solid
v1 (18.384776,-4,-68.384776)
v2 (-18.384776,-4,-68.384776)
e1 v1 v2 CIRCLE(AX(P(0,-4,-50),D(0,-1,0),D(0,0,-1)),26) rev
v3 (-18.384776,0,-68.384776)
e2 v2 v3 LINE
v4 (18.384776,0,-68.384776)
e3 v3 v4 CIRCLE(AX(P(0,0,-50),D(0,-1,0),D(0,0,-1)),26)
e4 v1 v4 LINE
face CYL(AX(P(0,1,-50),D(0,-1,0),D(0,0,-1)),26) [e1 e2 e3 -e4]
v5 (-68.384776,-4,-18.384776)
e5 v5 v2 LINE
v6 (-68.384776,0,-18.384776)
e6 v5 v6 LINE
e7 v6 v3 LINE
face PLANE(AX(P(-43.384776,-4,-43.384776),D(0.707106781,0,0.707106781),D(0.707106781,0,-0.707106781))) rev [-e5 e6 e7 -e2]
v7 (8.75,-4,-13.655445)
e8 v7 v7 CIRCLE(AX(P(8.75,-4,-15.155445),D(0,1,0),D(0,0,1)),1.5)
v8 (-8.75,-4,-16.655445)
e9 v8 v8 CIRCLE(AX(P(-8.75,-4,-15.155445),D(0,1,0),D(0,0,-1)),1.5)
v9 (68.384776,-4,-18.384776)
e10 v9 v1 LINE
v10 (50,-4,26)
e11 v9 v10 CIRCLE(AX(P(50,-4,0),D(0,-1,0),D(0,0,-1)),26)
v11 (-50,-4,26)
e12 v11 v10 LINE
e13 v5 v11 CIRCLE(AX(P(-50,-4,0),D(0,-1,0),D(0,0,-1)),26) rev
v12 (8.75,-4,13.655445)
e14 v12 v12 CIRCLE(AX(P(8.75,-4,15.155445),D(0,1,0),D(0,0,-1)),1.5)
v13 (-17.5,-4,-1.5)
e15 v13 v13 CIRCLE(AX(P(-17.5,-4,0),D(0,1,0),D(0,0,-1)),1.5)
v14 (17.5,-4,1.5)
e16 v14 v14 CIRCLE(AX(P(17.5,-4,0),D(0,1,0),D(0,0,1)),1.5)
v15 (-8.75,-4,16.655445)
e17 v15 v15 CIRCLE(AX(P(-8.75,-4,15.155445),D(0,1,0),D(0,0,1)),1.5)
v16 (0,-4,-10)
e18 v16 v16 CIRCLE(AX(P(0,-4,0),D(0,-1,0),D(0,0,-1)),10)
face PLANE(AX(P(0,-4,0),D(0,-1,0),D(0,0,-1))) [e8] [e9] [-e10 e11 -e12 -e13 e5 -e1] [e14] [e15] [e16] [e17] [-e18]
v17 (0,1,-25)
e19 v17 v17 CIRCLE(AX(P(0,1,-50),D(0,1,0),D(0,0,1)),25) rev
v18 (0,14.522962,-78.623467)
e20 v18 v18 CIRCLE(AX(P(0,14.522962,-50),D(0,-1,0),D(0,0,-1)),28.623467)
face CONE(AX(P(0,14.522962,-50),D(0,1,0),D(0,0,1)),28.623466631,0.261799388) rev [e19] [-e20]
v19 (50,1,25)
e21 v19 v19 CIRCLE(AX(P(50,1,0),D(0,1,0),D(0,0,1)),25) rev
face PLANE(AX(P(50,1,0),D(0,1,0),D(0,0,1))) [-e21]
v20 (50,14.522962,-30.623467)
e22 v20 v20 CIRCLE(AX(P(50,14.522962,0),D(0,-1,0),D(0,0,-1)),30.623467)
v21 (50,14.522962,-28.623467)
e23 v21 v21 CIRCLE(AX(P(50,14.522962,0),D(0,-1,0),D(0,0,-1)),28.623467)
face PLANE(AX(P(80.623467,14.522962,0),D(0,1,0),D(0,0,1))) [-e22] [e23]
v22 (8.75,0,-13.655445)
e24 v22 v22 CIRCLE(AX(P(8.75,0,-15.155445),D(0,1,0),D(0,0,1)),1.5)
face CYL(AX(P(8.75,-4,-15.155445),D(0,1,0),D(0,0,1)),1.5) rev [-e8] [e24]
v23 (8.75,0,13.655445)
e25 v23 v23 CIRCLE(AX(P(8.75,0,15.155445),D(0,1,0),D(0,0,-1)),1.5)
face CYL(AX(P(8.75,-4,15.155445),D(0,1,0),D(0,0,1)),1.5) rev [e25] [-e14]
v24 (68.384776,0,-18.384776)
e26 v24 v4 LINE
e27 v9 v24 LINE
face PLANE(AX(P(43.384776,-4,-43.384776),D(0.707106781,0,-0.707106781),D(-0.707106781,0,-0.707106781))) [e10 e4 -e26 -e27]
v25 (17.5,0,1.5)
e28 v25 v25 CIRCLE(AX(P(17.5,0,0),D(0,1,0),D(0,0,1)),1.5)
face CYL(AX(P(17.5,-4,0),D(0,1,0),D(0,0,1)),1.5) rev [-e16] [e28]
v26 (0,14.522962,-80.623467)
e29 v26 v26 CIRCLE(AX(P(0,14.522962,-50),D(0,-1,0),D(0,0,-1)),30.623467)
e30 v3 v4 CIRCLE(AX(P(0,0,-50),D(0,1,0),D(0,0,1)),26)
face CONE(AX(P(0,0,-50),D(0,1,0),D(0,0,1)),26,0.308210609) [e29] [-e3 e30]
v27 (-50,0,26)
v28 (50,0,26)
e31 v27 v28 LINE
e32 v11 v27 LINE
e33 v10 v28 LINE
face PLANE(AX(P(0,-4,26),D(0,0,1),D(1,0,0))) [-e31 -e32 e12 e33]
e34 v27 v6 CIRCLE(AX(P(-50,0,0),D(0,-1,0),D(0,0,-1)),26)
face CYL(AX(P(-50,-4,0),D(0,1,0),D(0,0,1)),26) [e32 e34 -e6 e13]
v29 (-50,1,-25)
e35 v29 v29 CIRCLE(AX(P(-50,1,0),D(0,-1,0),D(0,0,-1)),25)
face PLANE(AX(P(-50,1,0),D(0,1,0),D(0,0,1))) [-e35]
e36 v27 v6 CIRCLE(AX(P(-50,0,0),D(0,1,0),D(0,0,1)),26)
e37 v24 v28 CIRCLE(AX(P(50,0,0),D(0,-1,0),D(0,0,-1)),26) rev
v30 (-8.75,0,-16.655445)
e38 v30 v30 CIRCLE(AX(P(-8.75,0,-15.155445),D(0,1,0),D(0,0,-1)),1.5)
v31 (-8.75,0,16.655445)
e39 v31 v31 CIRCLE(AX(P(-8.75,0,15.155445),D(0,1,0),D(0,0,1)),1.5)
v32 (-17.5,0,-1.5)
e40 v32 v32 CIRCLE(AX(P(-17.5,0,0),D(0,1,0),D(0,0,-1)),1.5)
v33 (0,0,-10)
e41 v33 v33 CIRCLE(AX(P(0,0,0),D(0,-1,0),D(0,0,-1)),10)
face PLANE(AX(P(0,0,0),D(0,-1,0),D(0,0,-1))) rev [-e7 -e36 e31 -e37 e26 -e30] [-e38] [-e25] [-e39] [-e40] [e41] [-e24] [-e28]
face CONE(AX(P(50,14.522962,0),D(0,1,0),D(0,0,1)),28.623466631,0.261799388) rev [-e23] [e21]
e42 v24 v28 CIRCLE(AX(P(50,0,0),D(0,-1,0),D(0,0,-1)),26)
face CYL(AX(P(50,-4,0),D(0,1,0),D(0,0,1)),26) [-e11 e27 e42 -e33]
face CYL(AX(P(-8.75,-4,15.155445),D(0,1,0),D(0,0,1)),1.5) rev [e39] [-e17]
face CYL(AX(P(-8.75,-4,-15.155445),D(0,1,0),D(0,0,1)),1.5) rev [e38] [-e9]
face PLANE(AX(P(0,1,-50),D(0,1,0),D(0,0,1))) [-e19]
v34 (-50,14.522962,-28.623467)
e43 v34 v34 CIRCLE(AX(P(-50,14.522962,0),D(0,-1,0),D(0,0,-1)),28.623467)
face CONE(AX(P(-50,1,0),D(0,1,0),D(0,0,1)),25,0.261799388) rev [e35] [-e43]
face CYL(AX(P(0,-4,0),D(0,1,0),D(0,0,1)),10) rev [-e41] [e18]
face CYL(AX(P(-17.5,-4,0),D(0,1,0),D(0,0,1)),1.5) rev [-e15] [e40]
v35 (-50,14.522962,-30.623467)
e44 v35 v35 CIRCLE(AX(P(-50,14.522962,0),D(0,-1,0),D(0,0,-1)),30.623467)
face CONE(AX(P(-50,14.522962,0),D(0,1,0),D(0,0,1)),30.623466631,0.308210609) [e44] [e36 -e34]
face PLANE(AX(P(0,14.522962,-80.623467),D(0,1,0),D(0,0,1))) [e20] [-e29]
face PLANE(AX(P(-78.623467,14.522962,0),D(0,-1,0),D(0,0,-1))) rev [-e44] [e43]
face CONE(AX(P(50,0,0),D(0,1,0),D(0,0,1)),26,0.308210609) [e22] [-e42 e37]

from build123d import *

# Parameters (mm, degrees)
SKETCH_1_R          = 26
EXTRUDE_1_DEPTH     = 1
EXTRUDE_1_2_DEPTH   = 1
EXTRUDE_1_3_DEPTH   = 1
EXTRUDE_START       = 4
SKETCH_2_R          = 10
EXTRUDE_2_DEPTH     = 4
SKETCH_3_R          = 1.5
CUT_EXTRUDE_1_DEPTH = 4


with BuildPart() as part:
    # 草图1 → 凸台-拉伸1 (new body)
    with BuildSketch(Plane(origin=(0, 0, 0), x_dir=(1, 0, 0), z_dir=(0, 1, 0))):
        with Locations(Location((0, 50, 0), (0, 0, 270))):
            Circle(SKETCH_1_R)
    extrude(amount=EXTRUDE_1_DEPTH)



with BuildPart() as body_2:
    # 草图1 → Extrude 1 2 (new body)
    with BuildSketch(Plane(origin=(0, 0, 0), x_dir=(1, 0, 0), z_dir=(0, 1, 0))):
        with Locations(Location((50, 0, 0), (0, 0, 270))):
            Circle(SKETCH_1_R)
    extrude(amount=EXTRUDE_1_2_DEPTH)


with BuildPart() as body_3:
    # 草图1 → Extrude 1 3 (new body)
    with BuildSketch(Plane(origin=(0, 0, 0), x_dir=(1, 0, 0), z_dir=(0, 1, 0))):
        with Locations(Location((-50, 0, 0), (0, 0, 270))):
            Circle(SKETCH_1_R)
    extrude(amount=EXTRUDE_1_3_DEPTH)


with BuildPart() as part_1:
    add(part.part)

    add(body_2.part)  # 凸台-拉伸2 merges body 2

    add(body_3.part)  # 凸台-拉伸2 merges body 3
    # 草图2 → 凸台-拉伸2 (add)
    with BuildSketch(Plane.XZ.offset(EXTRUDE_START)):
        with BuildLine():
            Line((-50, 26), (50, 26))
            ThreePointArc((50, 26), (74.020867845, 9.949769241), (68.384776311, -18.384776311))
            Line((68.384776311, -18.384776311), (18.384776311, -68.384776311))
            ThreePointArc((18.384776311, -68.384776311), (0, -76), (-18.384776311, -68.384776311))
            Line((-18.384776311, -68.384776311), (-68.384776311, -18.384776311))
            ThreePointArc((-68.384776311, -18.384776311), (-74.020867845, 9.949769241), (-50, 26))
        make_face()
        with Locations(Location((0, 0, 0), (0, 0, 270))):
            Circle(SKETCH_2_R, mode=Mode.SUBTRACT)
    extrude(amount=-EXTRUDE_2_DEPTH)

    # 草图3 → 切除-拉伸1 (cut)
    with BuildSketch(Plane(origin=(0, 0, 0), x_dir=(1, 0, 0), z_dir=(0, 1, 0))):
        with Locations(Location((8.75, 15.155444566, 0), (0, 0, 270))):
            Circle(SKETCH_3_R)
        with Locations(Location((17.5, 0, 0), (0, 0, 270))):
            Circle(SKETCH_3_R)
        with Locations(Location((-17.5, 0, 0), (0, 0, 90))):
            Circle(SKETCH_3_R)
        with Locations(Location((-8.75, 15.155444566, 0), (0, 0, 90))):
            Circle(SKETCH_3_R)
        with Locations(Location((-8.75, -15.155444566, 0), (0, 0, 270))):
            Circle(SKETCH_3_R)
        with Locations(Location((8.75, -15.155444566, 0), (0, 0, 90))):
            Circle(SKETCH_3_R)
    extrude(amount=-CUT_EXTRUDE_1_DEPTH, mode=Mode.SUBTRACT)

    # 草图4 → 旋转1 (revolve)
    with BuildSketch(Plane(origin=(0, 0, 0), x_dir=(0, 0, -1), z_dir=(1, 0, 0)), mode=Mode.PRIVATE) as revolve_1_sk:
        Polygon((80.623466631, 14.522961568), (78.623466631, 14.522961568), (75, 1), (76, 1), (76, 0), align=None)
    revolve(revolve_1_sk.sketch.rotate(Axis((0, 1, -50), (0, 1, 0)), 180), axis=Axis((0, 1, -50), (0, 1, 0)))

    # 草图6 → 旋转2 (revolve)
    with BuildSketch(Plane.XY, mode=Mode.PRIVATE) as revolve_2_sk:
        Polygon((-75, 1), (-78.623466631, 14.522961568), (-80.623466631, 14.522961568), (-76, 0), (-76, 1), align=None)
    revolve(revolve_2_sk.sketch.rotate(Axis((-50, 1, 0), (0, 1, 0)), 90), axis=Axis((-50, 1, 0), (0, 1, 0)))

    # 草图7 → 旋转3 (revolve)
    with BuildSketch(Plane.XY, mode=Mode.PRIVATE) as revolve_3_sk:
        Polygon((75, 1), (76, 1), (76, 0), (80.623466631, 14.522961568), (78.623466631, 14.522961568), align=None)
    revolve(revolve_3_sk.sketch.rotate(Axis((50, 1, 0), (0, 1, 0)), 270), axis=Axis((50, 1, 0), (0, 1, 0)))


solid = part_1.part
